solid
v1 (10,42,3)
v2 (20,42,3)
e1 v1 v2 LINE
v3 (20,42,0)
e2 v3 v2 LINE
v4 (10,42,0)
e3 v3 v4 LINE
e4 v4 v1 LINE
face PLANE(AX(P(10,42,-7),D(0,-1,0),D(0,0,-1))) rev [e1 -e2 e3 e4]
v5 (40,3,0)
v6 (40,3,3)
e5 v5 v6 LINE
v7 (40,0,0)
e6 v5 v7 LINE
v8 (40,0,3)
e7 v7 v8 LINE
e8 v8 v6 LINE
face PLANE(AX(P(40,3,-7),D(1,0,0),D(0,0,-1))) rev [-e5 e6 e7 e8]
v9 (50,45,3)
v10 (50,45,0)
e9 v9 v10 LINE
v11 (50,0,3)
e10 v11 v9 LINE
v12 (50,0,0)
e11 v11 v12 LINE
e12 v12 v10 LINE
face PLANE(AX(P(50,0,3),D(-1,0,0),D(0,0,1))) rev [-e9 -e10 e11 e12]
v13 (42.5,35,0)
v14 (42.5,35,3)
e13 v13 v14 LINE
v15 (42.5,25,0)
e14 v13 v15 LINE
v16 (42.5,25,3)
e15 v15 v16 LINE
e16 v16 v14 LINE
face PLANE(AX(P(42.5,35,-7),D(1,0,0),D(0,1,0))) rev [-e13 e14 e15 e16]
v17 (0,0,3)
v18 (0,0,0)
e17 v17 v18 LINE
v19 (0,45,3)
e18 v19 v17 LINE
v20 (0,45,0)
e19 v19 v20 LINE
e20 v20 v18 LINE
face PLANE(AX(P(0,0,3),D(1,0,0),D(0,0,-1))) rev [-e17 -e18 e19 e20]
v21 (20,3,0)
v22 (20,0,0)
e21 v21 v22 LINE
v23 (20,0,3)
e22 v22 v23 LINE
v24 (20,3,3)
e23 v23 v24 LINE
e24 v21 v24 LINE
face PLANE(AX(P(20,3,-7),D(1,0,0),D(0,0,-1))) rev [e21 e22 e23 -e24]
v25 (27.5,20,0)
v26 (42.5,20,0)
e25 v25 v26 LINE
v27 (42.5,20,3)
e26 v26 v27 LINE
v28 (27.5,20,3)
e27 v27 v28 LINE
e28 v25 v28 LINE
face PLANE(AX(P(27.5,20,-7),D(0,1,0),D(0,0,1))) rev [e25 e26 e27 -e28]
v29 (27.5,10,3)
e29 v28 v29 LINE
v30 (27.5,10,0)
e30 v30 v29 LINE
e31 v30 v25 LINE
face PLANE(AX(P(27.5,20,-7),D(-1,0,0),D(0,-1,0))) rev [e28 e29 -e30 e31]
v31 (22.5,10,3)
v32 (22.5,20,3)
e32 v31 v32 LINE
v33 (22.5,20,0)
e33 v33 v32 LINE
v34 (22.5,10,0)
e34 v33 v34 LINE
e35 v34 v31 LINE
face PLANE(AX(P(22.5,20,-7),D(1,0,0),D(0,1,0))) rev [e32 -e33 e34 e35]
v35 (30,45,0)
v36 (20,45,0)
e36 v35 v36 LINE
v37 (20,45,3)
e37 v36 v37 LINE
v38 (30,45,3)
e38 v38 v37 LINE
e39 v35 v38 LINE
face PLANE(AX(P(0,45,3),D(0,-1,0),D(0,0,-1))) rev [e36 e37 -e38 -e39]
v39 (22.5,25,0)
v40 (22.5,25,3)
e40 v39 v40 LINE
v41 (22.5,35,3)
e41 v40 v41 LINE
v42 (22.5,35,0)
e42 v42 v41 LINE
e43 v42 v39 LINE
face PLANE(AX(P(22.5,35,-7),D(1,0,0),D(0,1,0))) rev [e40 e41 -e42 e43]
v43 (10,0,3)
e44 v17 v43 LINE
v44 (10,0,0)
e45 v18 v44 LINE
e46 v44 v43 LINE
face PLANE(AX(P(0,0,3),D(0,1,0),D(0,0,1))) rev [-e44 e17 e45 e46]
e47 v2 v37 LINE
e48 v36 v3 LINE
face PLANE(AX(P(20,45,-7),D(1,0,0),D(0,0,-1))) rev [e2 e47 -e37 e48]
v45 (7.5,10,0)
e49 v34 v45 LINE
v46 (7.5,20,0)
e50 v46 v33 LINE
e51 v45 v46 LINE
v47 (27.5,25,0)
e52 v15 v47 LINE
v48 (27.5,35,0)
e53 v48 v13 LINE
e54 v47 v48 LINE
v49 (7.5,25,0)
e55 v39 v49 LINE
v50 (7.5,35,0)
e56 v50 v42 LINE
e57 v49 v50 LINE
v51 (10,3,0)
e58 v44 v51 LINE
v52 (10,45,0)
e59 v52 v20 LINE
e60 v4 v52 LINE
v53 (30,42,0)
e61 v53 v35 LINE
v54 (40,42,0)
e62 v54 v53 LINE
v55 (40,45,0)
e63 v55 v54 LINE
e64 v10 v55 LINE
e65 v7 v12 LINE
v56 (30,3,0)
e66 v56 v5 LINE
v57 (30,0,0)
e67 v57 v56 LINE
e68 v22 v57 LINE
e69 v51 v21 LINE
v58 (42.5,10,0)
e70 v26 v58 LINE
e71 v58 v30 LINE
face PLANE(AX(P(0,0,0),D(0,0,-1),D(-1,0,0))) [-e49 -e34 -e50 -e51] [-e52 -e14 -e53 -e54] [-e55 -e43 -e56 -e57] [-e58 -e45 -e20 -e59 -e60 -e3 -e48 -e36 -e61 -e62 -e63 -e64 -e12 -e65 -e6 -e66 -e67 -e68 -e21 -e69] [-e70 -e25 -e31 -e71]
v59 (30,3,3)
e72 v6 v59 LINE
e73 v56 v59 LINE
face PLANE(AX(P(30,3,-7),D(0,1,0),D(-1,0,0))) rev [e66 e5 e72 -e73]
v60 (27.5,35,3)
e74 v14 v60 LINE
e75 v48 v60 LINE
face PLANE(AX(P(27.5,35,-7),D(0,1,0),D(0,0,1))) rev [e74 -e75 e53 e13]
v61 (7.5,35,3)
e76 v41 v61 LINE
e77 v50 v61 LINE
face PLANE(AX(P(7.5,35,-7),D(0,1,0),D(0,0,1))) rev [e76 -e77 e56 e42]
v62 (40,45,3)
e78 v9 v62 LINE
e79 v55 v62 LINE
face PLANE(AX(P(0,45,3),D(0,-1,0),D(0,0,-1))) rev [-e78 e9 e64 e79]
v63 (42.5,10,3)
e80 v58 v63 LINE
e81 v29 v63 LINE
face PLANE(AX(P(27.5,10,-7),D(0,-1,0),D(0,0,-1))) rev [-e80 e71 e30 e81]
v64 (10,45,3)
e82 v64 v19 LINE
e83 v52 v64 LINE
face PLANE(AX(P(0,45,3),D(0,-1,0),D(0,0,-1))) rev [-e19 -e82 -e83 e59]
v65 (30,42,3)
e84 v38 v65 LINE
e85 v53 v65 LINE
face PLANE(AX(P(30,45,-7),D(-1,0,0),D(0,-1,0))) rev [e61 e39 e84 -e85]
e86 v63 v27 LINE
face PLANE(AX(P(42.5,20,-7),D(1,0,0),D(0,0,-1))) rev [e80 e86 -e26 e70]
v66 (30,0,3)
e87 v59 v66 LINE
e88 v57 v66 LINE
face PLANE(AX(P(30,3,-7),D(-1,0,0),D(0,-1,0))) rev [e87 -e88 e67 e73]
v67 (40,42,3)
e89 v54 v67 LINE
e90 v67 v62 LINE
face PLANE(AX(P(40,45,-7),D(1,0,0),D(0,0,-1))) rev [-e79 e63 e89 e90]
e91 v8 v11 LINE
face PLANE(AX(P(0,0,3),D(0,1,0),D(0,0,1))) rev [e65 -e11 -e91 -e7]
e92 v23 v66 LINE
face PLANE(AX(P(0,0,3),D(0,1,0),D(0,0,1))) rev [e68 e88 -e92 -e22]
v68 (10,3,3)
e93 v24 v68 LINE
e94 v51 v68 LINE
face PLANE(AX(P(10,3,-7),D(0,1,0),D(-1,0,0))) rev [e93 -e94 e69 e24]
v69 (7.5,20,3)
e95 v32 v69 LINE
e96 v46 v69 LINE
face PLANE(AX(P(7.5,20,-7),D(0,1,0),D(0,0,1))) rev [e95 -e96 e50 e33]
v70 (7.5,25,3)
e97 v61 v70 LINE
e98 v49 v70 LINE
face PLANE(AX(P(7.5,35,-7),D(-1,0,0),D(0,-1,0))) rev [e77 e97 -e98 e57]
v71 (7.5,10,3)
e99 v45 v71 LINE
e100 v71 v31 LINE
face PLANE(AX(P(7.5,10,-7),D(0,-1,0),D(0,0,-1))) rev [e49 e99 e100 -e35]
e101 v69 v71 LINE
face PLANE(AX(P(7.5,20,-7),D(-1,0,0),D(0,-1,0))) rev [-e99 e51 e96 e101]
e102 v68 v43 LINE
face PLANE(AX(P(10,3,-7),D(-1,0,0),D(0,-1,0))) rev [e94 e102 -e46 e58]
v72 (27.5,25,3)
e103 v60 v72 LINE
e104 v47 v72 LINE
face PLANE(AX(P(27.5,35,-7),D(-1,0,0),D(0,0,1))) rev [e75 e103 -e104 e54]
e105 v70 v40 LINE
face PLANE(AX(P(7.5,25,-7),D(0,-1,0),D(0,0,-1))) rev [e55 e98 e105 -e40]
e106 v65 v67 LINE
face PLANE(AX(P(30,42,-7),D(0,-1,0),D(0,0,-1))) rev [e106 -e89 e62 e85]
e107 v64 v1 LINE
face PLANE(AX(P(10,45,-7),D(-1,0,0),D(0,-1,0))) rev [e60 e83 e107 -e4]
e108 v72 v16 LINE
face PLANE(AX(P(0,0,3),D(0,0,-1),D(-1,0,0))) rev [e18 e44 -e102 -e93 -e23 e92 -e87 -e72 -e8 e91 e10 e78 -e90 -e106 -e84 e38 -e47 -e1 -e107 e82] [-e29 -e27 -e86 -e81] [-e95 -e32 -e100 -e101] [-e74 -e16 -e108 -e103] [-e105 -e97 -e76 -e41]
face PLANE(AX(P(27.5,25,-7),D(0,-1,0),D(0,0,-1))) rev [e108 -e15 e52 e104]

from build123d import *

# Parameters (mm, degrees)
ESQUISSE1_W             = 50
ESQUISSE1_H             = 45
BOSS_EXTRU_1_DEPTH      = 3
ESQUISSE2_W             = 10
ESQUISSE2_H             = 3
ENL_V_MAT_EXTRU_1_DEPTH = 10
ESQUISSE3_W             = 15
ESQUISSE3_H             = 10
ENL_V_MAT_EXTRU_2_DEPTH = 10
ESQUISSE4_W             = 10
ESQUISSE4_H             = 3
ENL_V_MAT_EXTRU_3_DEPTH = 10


with BuildPart() as part:
    # Esquisse1 → Boss.-Extru.1 (new body)
    with BuildSketch(Plane.XY):
        with Locations((25, 22.5)):
            Rectangle(ESQUISSE1_W, ESQUISSE1_H)
    extrude(amount=BOSS_EXTRU_1_DEPTH)

    # Esquisse2 → Enlèv. mat.-Extru.1 (cut)
    with BuildSketch(Plane.XY.offset(3)):
        with Locations((15, 1.5)):
            Rectangle(ESQUISSE2_W, ESQUISSE2_H)
        with Locations((35, 1.5)):
            Rectangle(ESQUISSE2_W, ESQUISSE2_H)
    extrude(amount=-ENL_V_MAT_EXTRU_1_DEPTH, mode=Mode.SUBTRACT)

    # Esquisse3 → Enlèv. mat.-Extru.2 (cut)
    with BuildSketch(Plane.XY.offset(3)):
        with Locations((35, 30)):
            Rectangle(ESQUISSE3_W, ESQUISSE3_H)
        with Locations((15, 30)):
            Rectangle(ESQUISSE3_W, ESQUISSE3_H)
        with Locations((35, 15)):
            Rectangle(ESQUISSE3_W, ESQUISSE3_H)
        with Locations((15, 15)):
            Rectangle(ESQUISSE3_W, ESQUISSE3_H)
    extrude(amount=-ENL_V_MAT_EXTRU_2_DEPTH, mode=Mode.SUBTRACT)

    # Esquisse4 → Enlèv. mat.-Extru.3 (cut)
    with BuildSketch(Plane.XY.offset(3)):
        with Locations((15, 43.5)):
            Rectangle(ESQUISSE4_W, ESQUISSE4_H)
        with Locations((35, 43.5)):
            Rectangle(ESQUISSE4_W, ESQUISSE4_H)
    extrude(amount=-ENL_V_MAT_EXTRU_3_DEPTH, mode=Mode.SUBTRACT)


solid = part.part
